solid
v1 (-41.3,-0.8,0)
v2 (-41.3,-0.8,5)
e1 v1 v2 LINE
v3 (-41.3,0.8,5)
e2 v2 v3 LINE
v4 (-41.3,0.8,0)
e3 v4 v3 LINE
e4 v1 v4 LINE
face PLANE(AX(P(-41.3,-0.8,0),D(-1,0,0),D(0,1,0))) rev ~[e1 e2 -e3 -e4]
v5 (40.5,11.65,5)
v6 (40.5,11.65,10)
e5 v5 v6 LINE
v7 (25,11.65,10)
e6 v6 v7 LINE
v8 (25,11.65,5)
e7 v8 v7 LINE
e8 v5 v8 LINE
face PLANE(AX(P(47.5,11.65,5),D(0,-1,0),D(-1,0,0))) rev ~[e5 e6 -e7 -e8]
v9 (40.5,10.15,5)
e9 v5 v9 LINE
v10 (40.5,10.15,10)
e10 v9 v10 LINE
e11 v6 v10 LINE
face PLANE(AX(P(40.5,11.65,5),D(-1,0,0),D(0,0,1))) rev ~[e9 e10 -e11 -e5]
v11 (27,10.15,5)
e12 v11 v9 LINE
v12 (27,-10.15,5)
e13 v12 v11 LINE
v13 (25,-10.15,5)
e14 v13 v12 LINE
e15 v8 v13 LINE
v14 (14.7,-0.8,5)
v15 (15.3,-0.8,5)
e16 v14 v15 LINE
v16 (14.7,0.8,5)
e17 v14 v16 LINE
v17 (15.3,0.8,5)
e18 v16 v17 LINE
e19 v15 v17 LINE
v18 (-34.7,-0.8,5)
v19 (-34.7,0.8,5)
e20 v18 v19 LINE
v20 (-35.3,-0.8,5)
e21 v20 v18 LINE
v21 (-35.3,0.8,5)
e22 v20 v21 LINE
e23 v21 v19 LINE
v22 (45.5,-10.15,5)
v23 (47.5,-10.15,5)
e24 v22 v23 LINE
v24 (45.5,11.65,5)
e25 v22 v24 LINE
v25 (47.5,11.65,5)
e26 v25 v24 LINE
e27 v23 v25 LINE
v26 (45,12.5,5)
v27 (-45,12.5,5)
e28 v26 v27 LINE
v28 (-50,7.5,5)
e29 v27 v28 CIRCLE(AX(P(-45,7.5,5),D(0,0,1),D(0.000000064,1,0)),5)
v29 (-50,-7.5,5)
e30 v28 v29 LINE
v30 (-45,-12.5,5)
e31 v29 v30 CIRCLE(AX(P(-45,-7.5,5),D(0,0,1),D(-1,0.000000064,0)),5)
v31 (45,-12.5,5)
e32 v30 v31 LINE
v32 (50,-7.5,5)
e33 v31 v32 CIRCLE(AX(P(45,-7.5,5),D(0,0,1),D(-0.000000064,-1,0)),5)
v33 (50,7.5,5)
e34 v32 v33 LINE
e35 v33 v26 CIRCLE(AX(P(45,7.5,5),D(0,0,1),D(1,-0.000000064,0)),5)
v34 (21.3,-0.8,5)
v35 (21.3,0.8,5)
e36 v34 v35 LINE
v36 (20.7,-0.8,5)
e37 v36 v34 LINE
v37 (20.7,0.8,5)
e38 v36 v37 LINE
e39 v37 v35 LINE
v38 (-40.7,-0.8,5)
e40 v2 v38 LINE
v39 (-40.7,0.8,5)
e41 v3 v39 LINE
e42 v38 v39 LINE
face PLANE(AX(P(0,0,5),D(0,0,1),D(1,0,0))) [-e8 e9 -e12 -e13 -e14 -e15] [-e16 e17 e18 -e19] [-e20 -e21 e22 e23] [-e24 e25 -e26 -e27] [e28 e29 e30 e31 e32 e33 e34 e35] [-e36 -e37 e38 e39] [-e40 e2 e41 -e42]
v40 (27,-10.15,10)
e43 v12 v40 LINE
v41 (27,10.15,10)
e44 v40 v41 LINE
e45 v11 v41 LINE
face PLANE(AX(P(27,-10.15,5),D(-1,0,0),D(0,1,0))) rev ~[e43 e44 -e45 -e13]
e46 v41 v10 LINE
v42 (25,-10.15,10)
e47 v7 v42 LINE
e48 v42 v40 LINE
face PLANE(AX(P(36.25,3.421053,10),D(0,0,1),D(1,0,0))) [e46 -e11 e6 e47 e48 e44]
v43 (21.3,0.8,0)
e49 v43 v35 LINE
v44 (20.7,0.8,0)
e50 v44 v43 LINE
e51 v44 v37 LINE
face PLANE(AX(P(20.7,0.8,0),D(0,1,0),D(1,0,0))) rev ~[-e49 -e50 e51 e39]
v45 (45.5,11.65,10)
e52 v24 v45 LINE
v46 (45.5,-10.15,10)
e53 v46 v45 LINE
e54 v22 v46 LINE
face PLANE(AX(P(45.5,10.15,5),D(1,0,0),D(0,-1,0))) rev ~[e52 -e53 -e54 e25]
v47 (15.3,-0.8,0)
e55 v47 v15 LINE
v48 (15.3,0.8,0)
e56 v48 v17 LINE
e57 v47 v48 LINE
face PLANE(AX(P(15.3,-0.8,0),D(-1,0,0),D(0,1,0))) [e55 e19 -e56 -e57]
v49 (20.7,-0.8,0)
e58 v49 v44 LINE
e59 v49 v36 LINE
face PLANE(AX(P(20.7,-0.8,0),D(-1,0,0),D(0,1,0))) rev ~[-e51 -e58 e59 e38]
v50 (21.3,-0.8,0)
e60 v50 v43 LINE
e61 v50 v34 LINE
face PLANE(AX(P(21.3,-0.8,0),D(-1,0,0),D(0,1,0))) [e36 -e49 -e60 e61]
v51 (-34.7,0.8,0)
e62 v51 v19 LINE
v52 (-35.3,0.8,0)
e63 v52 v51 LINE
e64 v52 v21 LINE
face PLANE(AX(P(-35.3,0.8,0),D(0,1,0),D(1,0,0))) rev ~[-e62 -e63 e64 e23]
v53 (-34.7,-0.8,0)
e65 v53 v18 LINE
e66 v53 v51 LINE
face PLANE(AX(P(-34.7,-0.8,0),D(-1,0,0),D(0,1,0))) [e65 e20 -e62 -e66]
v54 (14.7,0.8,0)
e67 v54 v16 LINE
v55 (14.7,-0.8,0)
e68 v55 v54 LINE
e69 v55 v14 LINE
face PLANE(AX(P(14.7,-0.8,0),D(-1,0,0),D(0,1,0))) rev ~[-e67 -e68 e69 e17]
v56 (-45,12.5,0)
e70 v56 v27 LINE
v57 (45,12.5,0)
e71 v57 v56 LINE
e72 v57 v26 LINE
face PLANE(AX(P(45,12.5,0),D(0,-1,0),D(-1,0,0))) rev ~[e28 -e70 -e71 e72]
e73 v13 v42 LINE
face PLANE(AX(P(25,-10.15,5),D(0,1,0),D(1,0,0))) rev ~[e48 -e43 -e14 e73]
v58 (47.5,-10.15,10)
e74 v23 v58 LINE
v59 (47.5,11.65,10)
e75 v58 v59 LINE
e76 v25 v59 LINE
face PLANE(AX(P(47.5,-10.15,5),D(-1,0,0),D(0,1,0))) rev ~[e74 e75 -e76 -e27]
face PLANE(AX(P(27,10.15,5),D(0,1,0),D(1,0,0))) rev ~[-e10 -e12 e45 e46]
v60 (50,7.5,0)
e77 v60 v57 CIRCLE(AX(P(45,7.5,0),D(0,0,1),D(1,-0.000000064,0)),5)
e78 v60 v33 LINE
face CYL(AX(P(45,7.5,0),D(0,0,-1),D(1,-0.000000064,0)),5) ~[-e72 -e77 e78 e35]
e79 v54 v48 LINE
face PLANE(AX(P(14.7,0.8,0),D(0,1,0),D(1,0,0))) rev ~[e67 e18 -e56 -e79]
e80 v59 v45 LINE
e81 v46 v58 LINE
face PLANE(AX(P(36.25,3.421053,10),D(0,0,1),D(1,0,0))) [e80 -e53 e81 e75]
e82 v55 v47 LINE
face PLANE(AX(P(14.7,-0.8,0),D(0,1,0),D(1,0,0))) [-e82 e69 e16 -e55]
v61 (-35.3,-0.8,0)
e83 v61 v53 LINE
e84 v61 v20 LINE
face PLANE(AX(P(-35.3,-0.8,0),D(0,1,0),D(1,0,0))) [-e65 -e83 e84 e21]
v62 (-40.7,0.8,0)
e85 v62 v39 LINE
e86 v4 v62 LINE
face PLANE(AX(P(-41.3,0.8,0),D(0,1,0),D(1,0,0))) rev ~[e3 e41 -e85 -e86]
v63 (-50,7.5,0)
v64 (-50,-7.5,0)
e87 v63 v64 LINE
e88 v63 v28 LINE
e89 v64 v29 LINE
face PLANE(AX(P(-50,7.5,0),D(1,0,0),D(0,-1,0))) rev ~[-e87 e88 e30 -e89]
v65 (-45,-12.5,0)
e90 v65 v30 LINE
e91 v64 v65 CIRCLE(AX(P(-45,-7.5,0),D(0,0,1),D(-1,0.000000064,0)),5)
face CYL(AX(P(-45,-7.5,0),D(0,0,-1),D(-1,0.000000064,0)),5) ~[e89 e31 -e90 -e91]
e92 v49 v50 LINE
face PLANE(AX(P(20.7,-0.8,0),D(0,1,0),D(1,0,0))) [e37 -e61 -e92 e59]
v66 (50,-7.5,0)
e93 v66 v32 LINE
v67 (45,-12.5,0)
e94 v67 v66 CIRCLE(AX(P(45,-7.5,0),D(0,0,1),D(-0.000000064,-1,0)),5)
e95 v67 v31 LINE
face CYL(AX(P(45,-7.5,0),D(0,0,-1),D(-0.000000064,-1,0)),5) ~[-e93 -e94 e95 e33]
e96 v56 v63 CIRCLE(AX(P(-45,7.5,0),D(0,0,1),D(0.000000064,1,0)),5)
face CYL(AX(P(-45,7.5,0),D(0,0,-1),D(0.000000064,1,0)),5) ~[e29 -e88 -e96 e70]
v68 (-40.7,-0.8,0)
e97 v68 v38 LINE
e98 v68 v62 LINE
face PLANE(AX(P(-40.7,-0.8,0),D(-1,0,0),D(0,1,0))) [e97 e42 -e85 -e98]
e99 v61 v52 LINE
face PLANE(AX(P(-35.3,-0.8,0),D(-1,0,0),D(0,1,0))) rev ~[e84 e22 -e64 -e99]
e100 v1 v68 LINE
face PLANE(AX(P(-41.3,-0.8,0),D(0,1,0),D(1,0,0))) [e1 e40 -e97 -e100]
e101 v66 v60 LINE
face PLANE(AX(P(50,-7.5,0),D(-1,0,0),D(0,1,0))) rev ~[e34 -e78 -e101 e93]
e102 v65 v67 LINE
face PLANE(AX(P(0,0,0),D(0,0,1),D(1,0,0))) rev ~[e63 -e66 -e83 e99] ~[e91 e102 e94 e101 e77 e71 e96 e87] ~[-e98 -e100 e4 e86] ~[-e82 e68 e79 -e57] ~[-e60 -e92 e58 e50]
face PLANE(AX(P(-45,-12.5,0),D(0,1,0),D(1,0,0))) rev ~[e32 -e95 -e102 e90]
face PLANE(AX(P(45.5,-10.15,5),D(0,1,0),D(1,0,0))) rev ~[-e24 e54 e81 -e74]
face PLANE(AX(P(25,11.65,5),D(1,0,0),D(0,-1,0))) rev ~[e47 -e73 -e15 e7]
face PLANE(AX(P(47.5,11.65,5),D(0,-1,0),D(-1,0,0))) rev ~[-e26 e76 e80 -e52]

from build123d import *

# Parameters (mm, degrees)
F0_W     = 0.6
F0_H     = 1.6
F1_DEPTH = 5
F3_DEPTH = 5
F4_W     = 5
F4_H     = 5
F5_DEPTH = 25


with BuildPart() as f1:
    # F0 (on Top) → F1 (new body)
    with BuildSketch(Plane.XY):
        with BuildLine():
            ThreePointArc((50, 7.5), (48.535534, 11.035534), (45, 12.5))
            Line((45, 12.5), (-45, 12.5))
            ThreePointArc((-45, 12.5), (-48.535534, 11.035534), (-50, 7.5))
            Line((-50, 7.5), (-50, -7.5))
            ThreePointArc((-50, -7.5), (-48.535534, -11.035534), (-45, -12.5))
            Line((-45, -12.5), (45, -12.5))
            ThreePointArc((45, -12.5), (48.535534, -11.035534), (50, -7.5))
            Line((50, -7.5), (50, 7.5))
        make_face()
        with Locations((-41, 0)):
            Rectangle(F0_W, F0_H, mode=Mode.SUBTRACT)
        with Locations((-35, 0)):
            Rectangle(F0_W, F0_H, mode=Mode.SUBTRACT)
        with Locations((15, 0)):
            Rectangle(F0_W, F0_H, mode=Mode.SUBTRACT)
        with Locations((21, 0)):
            Rectangle(F0_W, F0_H, mode=Mode.SUBTRACT)
    extrude(amount=F1_DEPTH)

    # F2 (on face) → F3 (join)
    with BuildSketch(Plane.XY.offset(5)):
        Polygon((25, -10.15), (27, -10.15), (27, 10.15), (45.5, 10.15), (45.5, -10.15), (47.5, -10.15), (47.5, 10.15), (47.5, 11.65), (25, 11.65), (25, 10.15), align=None)
    extrude(amount=F3_DEPTH)

    # F4 (on face) → F5 (cut)
    with BuildSketch(Plane(origin=(0, 11.65, 0), x_dir=(-1, 0, 0), z_dir=(0, 1, 0))):
        with Locations((-43, 7.5)):
            Rectangle(F4_W, F4_H)
    extrude(amount=-F5_DEPTH, mode=Mode.SUBTRACT)


solid = f1.part
